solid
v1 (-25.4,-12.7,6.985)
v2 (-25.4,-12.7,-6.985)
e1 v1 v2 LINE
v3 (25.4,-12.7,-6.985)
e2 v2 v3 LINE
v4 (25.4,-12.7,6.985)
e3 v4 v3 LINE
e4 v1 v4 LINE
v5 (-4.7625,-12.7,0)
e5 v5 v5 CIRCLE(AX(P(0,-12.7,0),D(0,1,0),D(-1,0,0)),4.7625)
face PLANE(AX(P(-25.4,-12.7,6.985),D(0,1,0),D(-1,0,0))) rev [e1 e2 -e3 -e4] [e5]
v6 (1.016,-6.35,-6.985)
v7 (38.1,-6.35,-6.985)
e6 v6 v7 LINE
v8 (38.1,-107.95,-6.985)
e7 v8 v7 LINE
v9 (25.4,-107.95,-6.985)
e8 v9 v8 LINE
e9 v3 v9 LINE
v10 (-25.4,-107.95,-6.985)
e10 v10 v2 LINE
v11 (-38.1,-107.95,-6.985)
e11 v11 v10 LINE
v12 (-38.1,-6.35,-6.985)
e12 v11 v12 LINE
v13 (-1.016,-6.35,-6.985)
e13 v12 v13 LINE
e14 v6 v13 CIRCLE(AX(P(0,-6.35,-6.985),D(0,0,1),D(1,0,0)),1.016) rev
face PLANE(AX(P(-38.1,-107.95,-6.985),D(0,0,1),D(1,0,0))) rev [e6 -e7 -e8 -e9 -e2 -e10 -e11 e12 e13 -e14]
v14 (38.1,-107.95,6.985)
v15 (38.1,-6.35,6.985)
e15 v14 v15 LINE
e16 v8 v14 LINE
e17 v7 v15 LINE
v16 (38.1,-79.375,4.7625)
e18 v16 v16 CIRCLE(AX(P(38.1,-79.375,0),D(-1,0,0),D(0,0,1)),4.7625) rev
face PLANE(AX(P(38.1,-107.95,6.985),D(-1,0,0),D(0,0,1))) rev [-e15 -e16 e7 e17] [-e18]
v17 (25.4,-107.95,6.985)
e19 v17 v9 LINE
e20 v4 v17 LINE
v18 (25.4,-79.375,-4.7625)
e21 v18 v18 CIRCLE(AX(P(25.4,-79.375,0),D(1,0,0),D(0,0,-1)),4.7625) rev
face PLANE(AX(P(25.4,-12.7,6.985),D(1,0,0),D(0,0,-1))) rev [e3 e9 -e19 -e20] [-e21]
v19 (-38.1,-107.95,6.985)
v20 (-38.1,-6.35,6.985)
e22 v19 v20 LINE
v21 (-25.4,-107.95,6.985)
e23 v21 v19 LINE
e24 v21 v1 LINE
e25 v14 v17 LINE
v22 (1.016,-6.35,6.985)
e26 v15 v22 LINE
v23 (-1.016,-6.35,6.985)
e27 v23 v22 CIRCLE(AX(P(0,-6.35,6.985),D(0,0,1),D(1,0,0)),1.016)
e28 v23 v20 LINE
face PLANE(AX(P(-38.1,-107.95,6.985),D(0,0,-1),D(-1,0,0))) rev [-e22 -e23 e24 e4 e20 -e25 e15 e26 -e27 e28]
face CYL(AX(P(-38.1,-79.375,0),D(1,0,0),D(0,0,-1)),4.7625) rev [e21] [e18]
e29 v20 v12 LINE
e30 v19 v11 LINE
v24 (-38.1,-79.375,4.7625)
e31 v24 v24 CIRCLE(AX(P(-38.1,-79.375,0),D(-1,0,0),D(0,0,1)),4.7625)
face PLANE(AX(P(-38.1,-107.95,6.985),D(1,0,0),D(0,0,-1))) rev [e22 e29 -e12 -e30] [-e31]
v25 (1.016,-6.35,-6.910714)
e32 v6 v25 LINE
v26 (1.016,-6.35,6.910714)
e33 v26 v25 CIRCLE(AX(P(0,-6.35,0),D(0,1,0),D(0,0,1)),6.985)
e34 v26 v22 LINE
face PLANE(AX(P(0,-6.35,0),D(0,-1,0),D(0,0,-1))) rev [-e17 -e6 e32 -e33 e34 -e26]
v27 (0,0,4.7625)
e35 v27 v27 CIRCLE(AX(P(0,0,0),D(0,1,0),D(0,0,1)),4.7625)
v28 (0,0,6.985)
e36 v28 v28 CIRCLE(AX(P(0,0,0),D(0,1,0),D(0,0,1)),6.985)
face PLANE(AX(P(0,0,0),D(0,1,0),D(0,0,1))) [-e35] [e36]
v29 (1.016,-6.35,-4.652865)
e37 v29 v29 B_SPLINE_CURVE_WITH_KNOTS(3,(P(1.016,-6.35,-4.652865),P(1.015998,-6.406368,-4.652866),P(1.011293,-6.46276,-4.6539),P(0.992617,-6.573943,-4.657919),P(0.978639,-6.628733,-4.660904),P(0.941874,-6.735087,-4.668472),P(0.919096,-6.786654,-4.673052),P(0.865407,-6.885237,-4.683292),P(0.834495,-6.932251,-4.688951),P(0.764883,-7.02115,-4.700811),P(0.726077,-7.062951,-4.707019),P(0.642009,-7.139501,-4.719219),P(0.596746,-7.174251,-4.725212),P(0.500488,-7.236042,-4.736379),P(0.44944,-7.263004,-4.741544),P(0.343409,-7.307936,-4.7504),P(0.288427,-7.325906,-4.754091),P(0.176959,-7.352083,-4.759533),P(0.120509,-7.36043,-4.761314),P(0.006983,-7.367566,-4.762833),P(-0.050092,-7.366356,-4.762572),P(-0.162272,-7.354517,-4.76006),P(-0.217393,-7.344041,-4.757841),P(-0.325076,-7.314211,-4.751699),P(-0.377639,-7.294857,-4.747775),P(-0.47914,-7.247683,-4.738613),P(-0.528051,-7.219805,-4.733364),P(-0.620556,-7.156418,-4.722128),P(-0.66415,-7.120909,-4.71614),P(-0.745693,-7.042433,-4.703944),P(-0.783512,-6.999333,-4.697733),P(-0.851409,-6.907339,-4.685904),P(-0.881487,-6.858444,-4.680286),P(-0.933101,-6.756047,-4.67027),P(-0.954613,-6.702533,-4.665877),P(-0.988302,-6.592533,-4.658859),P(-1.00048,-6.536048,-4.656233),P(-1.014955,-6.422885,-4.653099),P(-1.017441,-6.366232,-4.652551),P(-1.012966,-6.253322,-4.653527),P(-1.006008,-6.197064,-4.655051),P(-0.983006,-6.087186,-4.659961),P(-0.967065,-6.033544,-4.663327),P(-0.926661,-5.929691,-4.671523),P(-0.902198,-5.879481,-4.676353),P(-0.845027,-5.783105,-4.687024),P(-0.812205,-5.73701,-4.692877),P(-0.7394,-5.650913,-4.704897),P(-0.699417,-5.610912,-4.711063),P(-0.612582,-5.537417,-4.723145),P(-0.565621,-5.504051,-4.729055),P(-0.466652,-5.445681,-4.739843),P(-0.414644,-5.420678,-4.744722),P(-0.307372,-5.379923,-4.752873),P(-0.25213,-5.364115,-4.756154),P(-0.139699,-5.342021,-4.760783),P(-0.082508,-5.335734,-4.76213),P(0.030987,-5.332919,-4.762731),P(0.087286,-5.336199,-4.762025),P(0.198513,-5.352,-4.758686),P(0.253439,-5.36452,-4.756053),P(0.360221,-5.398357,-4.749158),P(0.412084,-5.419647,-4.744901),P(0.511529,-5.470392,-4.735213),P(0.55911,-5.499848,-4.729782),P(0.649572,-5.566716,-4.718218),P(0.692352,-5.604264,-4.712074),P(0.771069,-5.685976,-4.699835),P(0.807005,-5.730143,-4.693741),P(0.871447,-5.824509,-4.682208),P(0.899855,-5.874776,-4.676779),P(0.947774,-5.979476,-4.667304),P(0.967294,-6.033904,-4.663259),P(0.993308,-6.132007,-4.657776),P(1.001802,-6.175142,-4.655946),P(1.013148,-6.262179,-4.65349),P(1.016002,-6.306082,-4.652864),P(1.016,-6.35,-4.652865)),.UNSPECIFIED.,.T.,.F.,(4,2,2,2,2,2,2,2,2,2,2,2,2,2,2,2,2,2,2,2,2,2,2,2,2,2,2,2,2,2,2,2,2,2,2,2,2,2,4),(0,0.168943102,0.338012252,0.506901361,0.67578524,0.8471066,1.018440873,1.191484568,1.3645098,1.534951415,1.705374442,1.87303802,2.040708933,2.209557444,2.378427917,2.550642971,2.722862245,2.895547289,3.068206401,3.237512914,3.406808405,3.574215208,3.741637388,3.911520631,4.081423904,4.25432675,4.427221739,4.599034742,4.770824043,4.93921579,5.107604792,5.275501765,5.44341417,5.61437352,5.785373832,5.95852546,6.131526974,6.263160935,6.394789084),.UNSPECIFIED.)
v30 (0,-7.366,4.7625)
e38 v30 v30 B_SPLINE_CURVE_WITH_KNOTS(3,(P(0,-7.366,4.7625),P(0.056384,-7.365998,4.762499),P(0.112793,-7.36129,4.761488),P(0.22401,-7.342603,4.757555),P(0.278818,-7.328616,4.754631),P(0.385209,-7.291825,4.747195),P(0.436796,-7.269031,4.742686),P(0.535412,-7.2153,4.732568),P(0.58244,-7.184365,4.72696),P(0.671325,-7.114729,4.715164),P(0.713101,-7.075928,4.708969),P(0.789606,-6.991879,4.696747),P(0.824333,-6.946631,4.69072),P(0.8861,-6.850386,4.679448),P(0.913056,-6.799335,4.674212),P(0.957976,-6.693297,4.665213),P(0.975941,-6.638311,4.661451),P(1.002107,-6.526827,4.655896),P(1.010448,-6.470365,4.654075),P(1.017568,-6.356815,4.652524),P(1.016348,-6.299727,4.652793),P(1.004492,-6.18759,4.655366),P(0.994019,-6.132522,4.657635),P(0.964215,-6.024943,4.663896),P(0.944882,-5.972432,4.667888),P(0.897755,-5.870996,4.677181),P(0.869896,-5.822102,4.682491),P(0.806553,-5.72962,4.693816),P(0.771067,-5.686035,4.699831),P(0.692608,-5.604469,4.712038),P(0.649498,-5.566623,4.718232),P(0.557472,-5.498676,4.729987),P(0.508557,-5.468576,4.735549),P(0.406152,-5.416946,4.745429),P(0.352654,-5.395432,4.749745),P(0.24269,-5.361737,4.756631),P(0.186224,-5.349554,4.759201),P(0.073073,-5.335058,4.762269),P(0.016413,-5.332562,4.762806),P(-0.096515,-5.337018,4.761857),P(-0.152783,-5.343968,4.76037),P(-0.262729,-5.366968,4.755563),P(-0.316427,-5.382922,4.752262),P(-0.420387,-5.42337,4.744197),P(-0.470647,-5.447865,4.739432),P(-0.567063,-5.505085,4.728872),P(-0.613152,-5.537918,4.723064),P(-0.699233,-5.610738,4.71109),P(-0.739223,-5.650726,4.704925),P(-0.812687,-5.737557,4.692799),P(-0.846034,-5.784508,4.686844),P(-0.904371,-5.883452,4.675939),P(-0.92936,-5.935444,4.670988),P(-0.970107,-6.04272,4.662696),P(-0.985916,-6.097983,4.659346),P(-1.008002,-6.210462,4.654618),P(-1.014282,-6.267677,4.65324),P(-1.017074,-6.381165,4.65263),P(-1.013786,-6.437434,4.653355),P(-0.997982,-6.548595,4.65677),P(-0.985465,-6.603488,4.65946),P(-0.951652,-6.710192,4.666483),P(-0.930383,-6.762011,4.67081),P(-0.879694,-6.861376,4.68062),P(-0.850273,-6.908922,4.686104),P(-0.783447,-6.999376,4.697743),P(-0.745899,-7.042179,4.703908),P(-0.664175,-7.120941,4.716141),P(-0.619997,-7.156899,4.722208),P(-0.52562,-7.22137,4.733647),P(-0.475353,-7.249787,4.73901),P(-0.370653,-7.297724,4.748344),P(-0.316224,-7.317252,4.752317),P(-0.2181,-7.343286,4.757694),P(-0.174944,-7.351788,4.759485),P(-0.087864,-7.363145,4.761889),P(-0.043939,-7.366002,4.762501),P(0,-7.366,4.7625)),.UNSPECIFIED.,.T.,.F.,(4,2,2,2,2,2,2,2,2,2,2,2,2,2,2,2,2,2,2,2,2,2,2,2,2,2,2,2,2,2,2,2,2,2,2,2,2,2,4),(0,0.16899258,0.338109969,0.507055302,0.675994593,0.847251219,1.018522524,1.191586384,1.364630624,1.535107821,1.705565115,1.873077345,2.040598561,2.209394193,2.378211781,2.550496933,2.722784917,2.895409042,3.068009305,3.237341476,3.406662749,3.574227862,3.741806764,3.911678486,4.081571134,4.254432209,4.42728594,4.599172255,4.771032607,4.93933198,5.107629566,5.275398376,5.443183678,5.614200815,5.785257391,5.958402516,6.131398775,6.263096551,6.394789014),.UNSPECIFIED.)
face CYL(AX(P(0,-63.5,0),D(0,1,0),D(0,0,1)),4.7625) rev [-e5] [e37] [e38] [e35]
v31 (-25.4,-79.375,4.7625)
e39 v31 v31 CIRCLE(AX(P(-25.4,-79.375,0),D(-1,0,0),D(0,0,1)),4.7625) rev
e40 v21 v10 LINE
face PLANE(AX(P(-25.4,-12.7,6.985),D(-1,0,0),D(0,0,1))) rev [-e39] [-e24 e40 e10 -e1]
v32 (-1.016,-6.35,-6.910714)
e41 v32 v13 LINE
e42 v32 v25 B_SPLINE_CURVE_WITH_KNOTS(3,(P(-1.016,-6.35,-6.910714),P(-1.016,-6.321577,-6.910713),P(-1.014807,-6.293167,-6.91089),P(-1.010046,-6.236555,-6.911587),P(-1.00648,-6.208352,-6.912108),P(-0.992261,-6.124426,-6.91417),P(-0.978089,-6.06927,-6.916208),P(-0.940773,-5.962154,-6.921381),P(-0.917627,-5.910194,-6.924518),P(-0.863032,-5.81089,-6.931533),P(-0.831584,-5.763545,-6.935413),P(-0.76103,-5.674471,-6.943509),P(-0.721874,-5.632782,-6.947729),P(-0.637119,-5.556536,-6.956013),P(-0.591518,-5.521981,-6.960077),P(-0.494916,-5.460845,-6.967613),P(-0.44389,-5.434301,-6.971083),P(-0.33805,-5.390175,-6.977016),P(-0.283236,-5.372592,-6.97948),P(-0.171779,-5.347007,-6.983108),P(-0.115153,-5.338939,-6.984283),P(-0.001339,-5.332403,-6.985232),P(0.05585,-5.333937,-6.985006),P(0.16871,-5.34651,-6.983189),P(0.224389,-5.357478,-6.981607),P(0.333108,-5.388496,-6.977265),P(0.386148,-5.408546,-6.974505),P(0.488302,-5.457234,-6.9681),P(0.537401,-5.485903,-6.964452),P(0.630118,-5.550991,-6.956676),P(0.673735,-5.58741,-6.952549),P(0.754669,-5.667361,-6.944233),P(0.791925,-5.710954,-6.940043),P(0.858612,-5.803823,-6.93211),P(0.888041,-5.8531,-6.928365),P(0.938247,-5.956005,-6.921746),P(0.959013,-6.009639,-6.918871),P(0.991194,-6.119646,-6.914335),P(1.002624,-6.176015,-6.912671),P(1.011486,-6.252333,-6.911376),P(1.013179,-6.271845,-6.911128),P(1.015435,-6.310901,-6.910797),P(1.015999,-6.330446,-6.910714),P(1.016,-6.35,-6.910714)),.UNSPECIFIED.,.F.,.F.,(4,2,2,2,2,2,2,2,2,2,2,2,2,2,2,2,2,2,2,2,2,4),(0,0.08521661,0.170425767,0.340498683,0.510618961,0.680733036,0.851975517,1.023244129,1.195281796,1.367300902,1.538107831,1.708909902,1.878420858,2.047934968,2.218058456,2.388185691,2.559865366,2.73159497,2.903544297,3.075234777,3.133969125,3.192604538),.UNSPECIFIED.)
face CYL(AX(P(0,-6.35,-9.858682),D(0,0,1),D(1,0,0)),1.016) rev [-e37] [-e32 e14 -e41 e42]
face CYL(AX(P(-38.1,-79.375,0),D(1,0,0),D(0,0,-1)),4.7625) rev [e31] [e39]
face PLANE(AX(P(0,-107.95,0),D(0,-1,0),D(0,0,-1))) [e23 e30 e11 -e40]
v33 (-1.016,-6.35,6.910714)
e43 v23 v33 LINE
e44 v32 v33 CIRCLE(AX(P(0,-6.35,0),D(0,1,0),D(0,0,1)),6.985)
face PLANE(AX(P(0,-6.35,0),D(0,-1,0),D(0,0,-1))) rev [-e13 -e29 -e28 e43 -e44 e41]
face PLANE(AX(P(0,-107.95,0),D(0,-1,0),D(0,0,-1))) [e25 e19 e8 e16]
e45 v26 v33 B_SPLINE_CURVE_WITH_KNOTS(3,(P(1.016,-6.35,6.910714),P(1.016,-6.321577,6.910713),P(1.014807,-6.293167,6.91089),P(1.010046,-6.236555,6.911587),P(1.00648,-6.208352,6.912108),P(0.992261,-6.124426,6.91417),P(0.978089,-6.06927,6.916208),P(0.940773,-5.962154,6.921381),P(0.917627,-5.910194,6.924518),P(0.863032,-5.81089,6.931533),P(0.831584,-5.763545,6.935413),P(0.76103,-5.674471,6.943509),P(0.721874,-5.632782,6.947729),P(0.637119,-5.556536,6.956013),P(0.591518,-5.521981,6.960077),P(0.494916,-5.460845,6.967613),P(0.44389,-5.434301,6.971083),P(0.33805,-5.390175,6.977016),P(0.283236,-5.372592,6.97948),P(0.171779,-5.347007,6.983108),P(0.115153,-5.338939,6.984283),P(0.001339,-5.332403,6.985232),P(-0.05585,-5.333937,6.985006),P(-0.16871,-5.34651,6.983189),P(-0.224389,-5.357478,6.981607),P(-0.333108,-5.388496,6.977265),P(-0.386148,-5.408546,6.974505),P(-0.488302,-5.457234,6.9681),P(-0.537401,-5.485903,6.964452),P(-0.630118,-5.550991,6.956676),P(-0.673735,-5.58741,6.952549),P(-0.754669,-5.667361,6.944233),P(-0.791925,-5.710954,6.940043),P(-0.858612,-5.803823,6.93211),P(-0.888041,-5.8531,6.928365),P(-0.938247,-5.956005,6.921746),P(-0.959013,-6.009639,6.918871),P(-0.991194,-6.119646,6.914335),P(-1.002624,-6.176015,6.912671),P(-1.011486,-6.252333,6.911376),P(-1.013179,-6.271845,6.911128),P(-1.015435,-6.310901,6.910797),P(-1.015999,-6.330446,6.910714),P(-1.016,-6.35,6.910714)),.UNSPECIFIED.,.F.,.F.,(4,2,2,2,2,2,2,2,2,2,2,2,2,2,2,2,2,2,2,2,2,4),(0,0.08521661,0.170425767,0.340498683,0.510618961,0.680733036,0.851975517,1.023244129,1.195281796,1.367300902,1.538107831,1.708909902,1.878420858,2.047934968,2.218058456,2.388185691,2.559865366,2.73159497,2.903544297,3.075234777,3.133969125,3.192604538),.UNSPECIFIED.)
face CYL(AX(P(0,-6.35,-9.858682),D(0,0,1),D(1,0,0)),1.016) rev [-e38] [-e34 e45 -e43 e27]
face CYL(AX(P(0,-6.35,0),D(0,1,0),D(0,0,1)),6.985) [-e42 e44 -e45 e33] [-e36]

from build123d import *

# Parameters (mm, degrees)
SKETCH1_R               = 6.985
BOSS_EXTRUDE1_DEPTH     = 6.35
SKETCH3_R               = 4.7625
CUT_EXTRUDE1_DEPTH      = 63.5
SKETCH5_W               = 76.2
SKETCH5_H               = 13.97
BOSS_EXTRUDE2_DEPTH     = 101.6
SKETCH6_W               = 50.8
SKETCH6_H               = 95.25
CUT_EXTRUDE2_DEPTH      = 116.325510621
SKETCH7_R               = 4.7625
CUT_EXTRUDE3_DEPTH      = 115.689156964
CUT_EXTRUDE4_DEPTH      = 126.436209784
CUT_EXTRUDE4_DEPTH_BACK = 19.05
SKETCH8_R               = 4.7625
CUT_EXTRUDE5_START      = -13.97
SKETCH9_R               = 1.016
CUT_EXTRUDE5_DEPTH      = 13.97


with BuildPart() as part:
    # Sketch1 → Boss-Extrude1 (new body)
    with BuildSketch(Plane(origin=(0, 0, 0), x_dir=(1, 0, 0), z_dir=(0, 1, 0))):
        with Locations(Location((0, 0, 0), (0, 0, 270))):
            Circle(SKETCH1_R)
    extrude(amount=-BOSS_EXTRUDE1_DEPTH)

    # Sketch3 → Cut-Extrude1 (cut)
    with BuildSketch(Plane(origin=(0, 0, 0), x_dir=(1, 0, 0), z_dir=(0, 1, 0))):
        with Locations(Location((0, 0, 0), (0, 0, 270))):
            Circle(SKETCH3_R)
    extrude(amount=-CUT_EXTRUDE1_DEPTH, mode=Mode.SUBTRACT)

    # Sketch5 → Boss-Extrude2 (add)
    with BuildSketch(Plane(origin=(0, -6.35, 0), x_dir=(-1, 0, 0), z_dir=(0, -1, 0))):
        Rectangle(SKETCH5_W, SKETCH5_H)
    extrude(amount=BOSS_EXTRUDE2_DEPTH)

    # Sketch6 → Cut-Extrude2 (cut, through all)
    with BuildSketch(Plane(origin=(0, 0, -6.985), x_dir=(-1, 0, 0), z_dir=(0, 0, -1))):
        with Locations((0, -60.325)):
            Rectangle(SKETCH6_W, SKETCH6_H)
    extrude(amount=-CUT_EXTRUDE2_DEPTH, mode=Mode.SUBTRACT)

    # Sketch7 → Cut-Extrude3 (cut, through all)
    with BuildSketch(Plane(origin=(0, 0, 0), x_dir=(1, 0, 0), z_dir=(0, 1, 0))):
        with Locations(Location((0, 0, 0), (0, 0, 270))):
            Circle(SKETCH7_R)
    extrude(amount=-CUT_EXTRUDE3_DEPTH, mode=Mode.SUBTRACT)

    # Sketch8 → Cut-Extrude4 (cut, two sides: drawn at the far end of the back side and taken through both)
    with BuildSketch(Plane.ZY.offset(-25.4).offset(-CUT_EXTRUDE4_DEPTH_BACK)):
        with Locations((0, -79.375)):
            Circle(SKETCH8_R)
    extrude(amount=CUT_EXTRUDE4_DEPTH + CUT_EXTRUDE4_DEPTH_BACK, mode=Mode.SUBTRACT)

    # Sketch9 → Cut-Extrude5 (cut)
    with BuildSketch(Plane.XY.offset(6.985).offset(CUT_EXTRUDE5_START)):
        with Locations(Location((0, -6.35, 0), (0, 0, 90))):
            Circle(SKETCH9_R)
    extrude(amount=CUT_EXTRUDE5_DEPTH, mode=Mode.SUBTRACT)


solid = part.part
